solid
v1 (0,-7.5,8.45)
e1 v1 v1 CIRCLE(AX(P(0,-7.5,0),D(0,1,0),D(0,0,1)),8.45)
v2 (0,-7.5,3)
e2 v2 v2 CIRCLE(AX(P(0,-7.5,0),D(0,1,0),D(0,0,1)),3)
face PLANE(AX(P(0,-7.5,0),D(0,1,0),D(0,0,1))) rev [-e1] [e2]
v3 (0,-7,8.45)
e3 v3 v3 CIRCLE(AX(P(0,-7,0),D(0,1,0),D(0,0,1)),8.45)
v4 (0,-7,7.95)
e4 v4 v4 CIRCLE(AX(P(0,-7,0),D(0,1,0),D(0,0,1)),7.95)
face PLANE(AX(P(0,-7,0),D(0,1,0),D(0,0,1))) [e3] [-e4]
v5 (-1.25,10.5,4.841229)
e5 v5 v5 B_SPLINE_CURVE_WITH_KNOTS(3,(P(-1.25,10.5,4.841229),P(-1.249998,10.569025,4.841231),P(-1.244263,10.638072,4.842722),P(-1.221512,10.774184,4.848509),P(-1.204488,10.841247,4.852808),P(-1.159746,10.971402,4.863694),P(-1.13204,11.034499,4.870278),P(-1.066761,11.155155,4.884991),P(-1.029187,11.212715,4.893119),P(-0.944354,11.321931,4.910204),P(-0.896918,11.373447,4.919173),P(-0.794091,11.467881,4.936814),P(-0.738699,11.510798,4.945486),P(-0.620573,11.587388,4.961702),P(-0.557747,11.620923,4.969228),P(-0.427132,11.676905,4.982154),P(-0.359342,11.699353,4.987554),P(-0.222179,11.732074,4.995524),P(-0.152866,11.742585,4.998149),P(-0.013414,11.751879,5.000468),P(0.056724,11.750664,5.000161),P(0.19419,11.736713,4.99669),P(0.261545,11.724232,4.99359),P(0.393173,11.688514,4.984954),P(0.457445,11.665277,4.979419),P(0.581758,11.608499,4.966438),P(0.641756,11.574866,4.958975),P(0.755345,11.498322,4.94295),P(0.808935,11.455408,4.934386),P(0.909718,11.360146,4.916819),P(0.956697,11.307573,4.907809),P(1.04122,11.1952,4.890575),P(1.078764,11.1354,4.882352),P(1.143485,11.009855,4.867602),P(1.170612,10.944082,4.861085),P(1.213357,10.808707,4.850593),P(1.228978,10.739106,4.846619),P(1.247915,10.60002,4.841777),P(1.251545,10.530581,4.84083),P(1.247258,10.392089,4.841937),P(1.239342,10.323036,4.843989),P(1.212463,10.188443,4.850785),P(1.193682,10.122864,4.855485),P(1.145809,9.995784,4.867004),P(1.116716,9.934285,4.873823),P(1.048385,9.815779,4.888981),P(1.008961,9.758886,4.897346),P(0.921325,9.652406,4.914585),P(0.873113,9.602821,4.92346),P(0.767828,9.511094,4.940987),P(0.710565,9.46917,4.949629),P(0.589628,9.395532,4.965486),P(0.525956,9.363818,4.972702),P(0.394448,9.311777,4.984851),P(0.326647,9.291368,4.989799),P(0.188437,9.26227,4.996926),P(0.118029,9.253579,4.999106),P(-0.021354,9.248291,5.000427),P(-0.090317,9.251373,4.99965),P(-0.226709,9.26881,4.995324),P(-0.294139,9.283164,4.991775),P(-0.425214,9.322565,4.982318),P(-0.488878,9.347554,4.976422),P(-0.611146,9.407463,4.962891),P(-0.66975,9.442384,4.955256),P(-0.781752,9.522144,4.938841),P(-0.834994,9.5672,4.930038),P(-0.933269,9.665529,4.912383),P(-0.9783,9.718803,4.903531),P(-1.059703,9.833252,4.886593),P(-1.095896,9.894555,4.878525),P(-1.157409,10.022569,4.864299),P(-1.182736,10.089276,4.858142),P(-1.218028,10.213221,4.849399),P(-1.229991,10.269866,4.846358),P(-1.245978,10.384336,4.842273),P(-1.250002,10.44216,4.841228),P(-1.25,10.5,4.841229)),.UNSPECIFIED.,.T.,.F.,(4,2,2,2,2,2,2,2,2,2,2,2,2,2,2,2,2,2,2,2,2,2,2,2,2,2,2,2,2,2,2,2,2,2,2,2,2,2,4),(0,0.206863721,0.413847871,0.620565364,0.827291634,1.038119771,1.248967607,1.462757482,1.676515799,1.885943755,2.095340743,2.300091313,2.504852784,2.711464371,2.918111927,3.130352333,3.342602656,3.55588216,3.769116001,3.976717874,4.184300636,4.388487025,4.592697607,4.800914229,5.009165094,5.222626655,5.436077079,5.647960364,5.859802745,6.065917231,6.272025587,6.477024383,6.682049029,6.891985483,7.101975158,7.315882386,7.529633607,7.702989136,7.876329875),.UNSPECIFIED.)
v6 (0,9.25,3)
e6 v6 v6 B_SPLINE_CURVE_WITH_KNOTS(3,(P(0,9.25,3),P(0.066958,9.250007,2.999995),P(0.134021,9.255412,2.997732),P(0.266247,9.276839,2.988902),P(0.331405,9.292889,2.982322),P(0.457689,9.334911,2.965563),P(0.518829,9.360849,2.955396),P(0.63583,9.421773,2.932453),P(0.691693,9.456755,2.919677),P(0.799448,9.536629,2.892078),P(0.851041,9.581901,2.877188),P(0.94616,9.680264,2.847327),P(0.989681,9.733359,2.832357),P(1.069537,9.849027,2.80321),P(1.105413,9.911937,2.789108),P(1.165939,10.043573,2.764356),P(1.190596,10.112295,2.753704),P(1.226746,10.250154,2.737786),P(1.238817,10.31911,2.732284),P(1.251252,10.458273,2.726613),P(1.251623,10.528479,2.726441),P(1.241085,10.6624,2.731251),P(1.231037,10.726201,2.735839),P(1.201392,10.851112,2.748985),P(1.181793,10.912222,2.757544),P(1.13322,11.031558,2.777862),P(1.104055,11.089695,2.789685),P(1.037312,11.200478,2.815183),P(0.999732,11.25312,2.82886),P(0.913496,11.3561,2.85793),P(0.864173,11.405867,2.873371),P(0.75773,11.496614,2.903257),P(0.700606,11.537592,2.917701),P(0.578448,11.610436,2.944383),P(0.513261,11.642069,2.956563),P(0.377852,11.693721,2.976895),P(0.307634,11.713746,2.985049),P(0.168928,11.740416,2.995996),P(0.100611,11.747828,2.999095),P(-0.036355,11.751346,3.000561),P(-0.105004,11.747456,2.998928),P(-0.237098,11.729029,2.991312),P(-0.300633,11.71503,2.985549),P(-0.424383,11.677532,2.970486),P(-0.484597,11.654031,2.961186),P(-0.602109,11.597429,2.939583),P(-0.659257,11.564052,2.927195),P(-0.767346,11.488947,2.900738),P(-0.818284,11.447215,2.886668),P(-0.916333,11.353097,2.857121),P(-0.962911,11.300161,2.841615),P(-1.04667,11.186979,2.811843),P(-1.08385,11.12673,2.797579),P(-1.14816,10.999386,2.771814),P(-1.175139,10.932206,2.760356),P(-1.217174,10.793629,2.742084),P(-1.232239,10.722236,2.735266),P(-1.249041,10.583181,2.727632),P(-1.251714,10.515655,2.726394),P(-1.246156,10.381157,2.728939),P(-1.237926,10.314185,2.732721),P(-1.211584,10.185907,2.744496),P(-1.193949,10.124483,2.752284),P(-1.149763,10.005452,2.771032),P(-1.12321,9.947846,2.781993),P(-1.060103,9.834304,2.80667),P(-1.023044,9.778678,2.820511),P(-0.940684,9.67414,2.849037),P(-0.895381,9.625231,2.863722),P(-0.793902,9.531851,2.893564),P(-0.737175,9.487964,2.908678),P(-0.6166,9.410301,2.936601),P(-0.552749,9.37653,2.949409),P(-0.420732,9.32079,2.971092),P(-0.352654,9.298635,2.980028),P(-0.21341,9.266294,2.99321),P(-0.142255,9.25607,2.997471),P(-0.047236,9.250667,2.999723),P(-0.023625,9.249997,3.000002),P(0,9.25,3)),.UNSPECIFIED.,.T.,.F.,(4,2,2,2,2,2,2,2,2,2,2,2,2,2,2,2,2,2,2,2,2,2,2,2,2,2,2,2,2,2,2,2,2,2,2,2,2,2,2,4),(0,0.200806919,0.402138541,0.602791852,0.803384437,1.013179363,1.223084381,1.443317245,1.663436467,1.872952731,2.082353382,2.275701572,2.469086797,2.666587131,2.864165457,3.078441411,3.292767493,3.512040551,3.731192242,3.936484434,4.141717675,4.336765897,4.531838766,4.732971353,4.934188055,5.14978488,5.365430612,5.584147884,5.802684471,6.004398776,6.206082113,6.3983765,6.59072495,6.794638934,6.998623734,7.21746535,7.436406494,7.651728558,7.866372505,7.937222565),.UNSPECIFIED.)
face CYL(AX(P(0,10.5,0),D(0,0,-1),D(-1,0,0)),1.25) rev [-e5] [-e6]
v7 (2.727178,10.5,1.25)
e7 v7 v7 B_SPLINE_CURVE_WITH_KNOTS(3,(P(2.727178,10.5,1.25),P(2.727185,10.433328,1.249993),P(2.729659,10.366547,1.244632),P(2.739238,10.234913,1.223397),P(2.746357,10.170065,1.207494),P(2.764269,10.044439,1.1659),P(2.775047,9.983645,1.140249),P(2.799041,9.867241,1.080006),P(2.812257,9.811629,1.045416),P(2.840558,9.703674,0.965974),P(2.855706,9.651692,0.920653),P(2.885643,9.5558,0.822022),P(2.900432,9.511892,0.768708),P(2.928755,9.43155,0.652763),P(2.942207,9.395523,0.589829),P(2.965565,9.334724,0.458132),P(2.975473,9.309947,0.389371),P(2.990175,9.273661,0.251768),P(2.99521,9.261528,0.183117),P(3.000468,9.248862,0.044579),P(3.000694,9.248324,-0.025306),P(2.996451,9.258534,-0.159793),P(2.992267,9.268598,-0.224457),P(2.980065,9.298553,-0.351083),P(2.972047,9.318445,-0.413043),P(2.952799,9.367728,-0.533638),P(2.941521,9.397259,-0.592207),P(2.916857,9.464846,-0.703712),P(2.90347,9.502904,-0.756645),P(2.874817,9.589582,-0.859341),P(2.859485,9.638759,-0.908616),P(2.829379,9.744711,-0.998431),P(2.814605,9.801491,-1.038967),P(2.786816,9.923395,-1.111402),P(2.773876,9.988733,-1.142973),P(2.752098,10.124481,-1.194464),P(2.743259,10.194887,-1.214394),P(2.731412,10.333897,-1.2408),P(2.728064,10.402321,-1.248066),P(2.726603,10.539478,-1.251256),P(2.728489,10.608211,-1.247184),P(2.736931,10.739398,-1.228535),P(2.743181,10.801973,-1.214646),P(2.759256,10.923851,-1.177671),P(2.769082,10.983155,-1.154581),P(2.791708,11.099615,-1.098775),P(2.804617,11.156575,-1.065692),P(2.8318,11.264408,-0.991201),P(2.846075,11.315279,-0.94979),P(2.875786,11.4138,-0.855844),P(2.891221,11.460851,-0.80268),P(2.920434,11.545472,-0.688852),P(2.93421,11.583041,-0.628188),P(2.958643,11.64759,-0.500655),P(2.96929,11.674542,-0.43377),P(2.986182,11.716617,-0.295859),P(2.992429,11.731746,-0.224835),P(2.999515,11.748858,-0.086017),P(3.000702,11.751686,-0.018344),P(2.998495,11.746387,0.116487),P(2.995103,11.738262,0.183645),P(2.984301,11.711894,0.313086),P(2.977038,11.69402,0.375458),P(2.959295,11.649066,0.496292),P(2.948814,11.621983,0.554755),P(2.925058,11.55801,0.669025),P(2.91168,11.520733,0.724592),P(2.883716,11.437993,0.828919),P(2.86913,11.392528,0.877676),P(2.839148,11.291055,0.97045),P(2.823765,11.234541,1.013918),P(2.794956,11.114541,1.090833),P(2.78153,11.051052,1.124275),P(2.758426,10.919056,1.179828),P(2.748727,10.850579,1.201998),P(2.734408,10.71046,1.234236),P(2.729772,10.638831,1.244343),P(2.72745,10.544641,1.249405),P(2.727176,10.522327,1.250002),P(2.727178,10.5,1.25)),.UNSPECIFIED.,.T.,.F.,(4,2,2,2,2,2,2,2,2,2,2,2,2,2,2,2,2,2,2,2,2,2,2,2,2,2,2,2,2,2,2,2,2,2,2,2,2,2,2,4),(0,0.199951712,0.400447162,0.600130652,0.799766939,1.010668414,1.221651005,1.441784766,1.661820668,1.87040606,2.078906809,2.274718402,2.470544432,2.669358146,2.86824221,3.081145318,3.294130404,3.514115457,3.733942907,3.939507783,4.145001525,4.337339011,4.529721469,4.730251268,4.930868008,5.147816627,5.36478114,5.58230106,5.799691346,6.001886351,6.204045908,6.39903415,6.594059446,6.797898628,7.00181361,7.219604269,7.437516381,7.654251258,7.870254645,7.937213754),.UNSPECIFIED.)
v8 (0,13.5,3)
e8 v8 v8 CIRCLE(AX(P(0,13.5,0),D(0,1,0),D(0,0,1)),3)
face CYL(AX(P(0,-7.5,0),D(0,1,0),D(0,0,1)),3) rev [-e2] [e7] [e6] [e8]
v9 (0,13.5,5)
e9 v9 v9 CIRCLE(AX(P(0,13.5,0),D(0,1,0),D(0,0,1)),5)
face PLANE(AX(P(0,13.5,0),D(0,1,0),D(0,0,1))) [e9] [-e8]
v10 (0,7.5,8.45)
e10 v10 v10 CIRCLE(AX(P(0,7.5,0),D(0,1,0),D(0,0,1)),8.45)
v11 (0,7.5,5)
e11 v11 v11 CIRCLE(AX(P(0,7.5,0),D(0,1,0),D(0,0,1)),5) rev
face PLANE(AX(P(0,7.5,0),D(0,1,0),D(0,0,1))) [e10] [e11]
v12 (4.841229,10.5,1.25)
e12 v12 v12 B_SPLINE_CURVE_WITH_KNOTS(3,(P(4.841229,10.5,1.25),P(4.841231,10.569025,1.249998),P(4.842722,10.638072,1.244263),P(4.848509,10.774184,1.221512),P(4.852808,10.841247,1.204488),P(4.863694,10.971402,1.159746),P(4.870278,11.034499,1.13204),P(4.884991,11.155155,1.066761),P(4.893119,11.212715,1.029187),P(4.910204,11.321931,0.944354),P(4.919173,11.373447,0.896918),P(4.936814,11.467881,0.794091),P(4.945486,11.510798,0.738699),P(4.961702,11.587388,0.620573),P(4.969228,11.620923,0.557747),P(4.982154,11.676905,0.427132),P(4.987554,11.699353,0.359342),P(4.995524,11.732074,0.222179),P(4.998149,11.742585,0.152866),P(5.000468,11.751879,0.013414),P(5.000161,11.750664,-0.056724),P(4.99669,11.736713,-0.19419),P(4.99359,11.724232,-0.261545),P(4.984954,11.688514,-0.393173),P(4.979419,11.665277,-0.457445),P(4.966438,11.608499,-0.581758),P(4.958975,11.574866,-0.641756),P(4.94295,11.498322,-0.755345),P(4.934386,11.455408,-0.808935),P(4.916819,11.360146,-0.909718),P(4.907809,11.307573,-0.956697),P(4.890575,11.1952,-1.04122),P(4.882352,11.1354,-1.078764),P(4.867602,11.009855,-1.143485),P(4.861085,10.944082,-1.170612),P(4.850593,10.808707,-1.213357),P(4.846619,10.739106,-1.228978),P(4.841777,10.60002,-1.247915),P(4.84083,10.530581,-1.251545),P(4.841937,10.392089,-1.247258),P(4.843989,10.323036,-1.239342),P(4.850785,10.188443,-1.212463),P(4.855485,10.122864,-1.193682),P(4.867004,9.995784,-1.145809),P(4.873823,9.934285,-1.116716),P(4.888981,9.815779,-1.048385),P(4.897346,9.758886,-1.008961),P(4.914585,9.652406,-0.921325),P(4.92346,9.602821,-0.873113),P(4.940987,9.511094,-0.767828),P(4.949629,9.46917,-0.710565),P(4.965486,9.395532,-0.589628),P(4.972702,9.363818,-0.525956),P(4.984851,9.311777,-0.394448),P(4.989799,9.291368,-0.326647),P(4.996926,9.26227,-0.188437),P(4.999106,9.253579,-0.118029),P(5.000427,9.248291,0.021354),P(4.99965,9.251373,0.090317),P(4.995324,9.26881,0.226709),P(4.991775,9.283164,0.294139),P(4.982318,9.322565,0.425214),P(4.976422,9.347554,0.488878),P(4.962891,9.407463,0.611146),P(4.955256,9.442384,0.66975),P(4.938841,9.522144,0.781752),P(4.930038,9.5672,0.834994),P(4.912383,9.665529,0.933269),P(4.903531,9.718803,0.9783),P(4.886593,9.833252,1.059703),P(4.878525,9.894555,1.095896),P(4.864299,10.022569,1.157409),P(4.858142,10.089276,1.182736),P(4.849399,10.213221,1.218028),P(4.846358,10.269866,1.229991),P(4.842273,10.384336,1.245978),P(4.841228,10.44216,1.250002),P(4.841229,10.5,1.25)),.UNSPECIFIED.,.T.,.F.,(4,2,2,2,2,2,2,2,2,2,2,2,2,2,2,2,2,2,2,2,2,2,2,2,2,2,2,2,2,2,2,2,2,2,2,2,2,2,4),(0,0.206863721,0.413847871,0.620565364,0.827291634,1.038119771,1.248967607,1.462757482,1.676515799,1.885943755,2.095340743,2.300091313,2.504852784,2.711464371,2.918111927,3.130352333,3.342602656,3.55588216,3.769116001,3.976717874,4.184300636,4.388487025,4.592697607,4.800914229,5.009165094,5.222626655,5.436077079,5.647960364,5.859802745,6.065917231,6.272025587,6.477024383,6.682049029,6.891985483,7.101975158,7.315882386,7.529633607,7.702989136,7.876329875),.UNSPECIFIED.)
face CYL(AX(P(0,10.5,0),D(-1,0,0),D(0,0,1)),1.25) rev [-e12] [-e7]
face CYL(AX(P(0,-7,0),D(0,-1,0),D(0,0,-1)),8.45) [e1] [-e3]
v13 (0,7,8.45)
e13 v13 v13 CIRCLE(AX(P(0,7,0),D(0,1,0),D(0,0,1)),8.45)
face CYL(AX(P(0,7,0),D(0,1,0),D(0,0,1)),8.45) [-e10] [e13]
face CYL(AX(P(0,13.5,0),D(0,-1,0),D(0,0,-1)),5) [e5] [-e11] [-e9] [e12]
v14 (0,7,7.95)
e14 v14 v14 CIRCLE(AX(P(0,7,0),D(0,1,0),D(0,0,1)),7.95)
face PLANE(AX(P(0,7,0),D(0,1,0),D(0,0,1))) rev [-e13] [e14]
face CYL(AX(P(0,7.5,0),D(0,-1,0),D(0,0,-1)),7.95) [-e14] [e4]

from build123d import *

# Parameters (mm, degrees)
CROQUIS1_R                 = 7.95
SALIENTE_EXTRUIR1_DEPTH    = 7.5
CROQUIS2_R                 = 8.45
SALIENTE_EXTRUIR2_DEPTH    = 0.5
SALIENTE_EXTRUIR3_START    = -14.5
CROQUIS2_2_R               = 8.45
SALIENTE_EXTRUIR3_DEPTH    = 0.5
CROQUIS3_R                 = 5
SALIENTE_EXTRUIR4_DEPTH    = 21
CORTAR_EXTRUIR1_DEPTH      = 24.728779994
CORTAR_EXTRUIR1_DEPTH_BACK = 24.728779994
CROQUIS4_R                 = 3
CROQUIS7_W                 = 1.25
CROQUIS7_H                 = 5
CROQUIS9_W                 = 1.25
CROQUIS9_H                 = 8.45


with BuildPart() as part:
    # Croquis1 → Saliente-Extruir1 (new, symmetric)
    with BuildSketch(Plane(origin=(0, 0, 0), x_dir=(-1, 0, 0), z_dir=(0, 1, 0))):
        with Locations(Location((0, 0, 0), (0, 0, 90))):
            Circle(CROQUIS1_R)
    extrude(amount=SALIENTE_EXTRUIR1_DEPTH, both=True)

    # Croquis2 → Saliente-Extruir2 (add)
    with BuildSketch(Plane(origin=(0, 7.5, 0), x_dir=(-1, 0, 0), z_dir=(0, 1, 0))):
        with Locations(Location((0, 0, 0), (0, 0, 90))):
            Circle(CROQUIS2_R)
    extrude(amount=-SALIENTE_EXTRUIR2_DEPTH)

    # Croquis2<2> → Saliente-Extruir3 (add)
    with BuildSketch(Plane(origin=(0, 7.5, 0), x_dir=(-1, 0, 0), z_dir=(0, 1, 0)).offset(SALIENTE_EXTRUIR3_START)):
        with Locations(Location((0, 0, 0), (0, 0, 90))):
            Circle(CROQUIS2_2_R)
    extrude(amount=-SALIENTE_EXTRUIR3_DEPTH)

    # Croquis3 → Saliente-Extruir4 (add)
    with BuildSketch(Plane(origin=(0, -7.5, 0), x_dir=(-1, 0, 0), z_dir=(0, 1, 0))):
        with Locations(Location((0, 0, 0), (0, 0, 270))):
            Circle(CROQUIS3_R)
    extrude(amount=SALIENTE_EXTRUIR4_DEPTH)

    # Croquis4 → Cortar-Extruir1 (cut, two sides: drawn at the far end of the back side and taken through both)
    with BuildSketch(Plane(origin=(0, -7, 0), x_dir=(-1, 0, 0), z_dir=(0, 1, 0)).offset(-CORTAR_EXTRUIR1_DEPTH_BACK)):
        with Locations(Location((0, 0, 0), (0, 0, 90))):
            Circle(CROQUIS4_R)
    extrude(amount=CORTAR_EXTRUIR1_DEPTH + CORTAR_EXTRUIR1_DEPTH_BACK, mode=Mode.SUBTRACT)

    # Croquis7 → Taladro roscado M32 (revolve, cut)
    with BuildSketch(Plane.ZX.offset(10.5)):
        with Locations((0.625, 2.5)):
            Rectangle(CROQUIS7_W, CROQUIS7_H)
    revolve(axis=Axis((-6.35, 10.5, 0), (1, 0, 0)), mode=Mode.SUBTRACT)

    # Croquis9 → Taladro roscado M31 (revolve, cut)
    with BuildSketch(Plane(origin=(0, 10.5, 0), x_dir=(0, 1, 0), z_dir=(1, 0, 0))):
        with Locations((0.625, 4.225)):
            Rectangle(CROQUIS9_W, CROQUIS9_H)
    revolve(axis=Axis((0, 10.5, -6.35), (0, 0, 1)), mode=Mode.SUBTRACT)


solid = part.part
